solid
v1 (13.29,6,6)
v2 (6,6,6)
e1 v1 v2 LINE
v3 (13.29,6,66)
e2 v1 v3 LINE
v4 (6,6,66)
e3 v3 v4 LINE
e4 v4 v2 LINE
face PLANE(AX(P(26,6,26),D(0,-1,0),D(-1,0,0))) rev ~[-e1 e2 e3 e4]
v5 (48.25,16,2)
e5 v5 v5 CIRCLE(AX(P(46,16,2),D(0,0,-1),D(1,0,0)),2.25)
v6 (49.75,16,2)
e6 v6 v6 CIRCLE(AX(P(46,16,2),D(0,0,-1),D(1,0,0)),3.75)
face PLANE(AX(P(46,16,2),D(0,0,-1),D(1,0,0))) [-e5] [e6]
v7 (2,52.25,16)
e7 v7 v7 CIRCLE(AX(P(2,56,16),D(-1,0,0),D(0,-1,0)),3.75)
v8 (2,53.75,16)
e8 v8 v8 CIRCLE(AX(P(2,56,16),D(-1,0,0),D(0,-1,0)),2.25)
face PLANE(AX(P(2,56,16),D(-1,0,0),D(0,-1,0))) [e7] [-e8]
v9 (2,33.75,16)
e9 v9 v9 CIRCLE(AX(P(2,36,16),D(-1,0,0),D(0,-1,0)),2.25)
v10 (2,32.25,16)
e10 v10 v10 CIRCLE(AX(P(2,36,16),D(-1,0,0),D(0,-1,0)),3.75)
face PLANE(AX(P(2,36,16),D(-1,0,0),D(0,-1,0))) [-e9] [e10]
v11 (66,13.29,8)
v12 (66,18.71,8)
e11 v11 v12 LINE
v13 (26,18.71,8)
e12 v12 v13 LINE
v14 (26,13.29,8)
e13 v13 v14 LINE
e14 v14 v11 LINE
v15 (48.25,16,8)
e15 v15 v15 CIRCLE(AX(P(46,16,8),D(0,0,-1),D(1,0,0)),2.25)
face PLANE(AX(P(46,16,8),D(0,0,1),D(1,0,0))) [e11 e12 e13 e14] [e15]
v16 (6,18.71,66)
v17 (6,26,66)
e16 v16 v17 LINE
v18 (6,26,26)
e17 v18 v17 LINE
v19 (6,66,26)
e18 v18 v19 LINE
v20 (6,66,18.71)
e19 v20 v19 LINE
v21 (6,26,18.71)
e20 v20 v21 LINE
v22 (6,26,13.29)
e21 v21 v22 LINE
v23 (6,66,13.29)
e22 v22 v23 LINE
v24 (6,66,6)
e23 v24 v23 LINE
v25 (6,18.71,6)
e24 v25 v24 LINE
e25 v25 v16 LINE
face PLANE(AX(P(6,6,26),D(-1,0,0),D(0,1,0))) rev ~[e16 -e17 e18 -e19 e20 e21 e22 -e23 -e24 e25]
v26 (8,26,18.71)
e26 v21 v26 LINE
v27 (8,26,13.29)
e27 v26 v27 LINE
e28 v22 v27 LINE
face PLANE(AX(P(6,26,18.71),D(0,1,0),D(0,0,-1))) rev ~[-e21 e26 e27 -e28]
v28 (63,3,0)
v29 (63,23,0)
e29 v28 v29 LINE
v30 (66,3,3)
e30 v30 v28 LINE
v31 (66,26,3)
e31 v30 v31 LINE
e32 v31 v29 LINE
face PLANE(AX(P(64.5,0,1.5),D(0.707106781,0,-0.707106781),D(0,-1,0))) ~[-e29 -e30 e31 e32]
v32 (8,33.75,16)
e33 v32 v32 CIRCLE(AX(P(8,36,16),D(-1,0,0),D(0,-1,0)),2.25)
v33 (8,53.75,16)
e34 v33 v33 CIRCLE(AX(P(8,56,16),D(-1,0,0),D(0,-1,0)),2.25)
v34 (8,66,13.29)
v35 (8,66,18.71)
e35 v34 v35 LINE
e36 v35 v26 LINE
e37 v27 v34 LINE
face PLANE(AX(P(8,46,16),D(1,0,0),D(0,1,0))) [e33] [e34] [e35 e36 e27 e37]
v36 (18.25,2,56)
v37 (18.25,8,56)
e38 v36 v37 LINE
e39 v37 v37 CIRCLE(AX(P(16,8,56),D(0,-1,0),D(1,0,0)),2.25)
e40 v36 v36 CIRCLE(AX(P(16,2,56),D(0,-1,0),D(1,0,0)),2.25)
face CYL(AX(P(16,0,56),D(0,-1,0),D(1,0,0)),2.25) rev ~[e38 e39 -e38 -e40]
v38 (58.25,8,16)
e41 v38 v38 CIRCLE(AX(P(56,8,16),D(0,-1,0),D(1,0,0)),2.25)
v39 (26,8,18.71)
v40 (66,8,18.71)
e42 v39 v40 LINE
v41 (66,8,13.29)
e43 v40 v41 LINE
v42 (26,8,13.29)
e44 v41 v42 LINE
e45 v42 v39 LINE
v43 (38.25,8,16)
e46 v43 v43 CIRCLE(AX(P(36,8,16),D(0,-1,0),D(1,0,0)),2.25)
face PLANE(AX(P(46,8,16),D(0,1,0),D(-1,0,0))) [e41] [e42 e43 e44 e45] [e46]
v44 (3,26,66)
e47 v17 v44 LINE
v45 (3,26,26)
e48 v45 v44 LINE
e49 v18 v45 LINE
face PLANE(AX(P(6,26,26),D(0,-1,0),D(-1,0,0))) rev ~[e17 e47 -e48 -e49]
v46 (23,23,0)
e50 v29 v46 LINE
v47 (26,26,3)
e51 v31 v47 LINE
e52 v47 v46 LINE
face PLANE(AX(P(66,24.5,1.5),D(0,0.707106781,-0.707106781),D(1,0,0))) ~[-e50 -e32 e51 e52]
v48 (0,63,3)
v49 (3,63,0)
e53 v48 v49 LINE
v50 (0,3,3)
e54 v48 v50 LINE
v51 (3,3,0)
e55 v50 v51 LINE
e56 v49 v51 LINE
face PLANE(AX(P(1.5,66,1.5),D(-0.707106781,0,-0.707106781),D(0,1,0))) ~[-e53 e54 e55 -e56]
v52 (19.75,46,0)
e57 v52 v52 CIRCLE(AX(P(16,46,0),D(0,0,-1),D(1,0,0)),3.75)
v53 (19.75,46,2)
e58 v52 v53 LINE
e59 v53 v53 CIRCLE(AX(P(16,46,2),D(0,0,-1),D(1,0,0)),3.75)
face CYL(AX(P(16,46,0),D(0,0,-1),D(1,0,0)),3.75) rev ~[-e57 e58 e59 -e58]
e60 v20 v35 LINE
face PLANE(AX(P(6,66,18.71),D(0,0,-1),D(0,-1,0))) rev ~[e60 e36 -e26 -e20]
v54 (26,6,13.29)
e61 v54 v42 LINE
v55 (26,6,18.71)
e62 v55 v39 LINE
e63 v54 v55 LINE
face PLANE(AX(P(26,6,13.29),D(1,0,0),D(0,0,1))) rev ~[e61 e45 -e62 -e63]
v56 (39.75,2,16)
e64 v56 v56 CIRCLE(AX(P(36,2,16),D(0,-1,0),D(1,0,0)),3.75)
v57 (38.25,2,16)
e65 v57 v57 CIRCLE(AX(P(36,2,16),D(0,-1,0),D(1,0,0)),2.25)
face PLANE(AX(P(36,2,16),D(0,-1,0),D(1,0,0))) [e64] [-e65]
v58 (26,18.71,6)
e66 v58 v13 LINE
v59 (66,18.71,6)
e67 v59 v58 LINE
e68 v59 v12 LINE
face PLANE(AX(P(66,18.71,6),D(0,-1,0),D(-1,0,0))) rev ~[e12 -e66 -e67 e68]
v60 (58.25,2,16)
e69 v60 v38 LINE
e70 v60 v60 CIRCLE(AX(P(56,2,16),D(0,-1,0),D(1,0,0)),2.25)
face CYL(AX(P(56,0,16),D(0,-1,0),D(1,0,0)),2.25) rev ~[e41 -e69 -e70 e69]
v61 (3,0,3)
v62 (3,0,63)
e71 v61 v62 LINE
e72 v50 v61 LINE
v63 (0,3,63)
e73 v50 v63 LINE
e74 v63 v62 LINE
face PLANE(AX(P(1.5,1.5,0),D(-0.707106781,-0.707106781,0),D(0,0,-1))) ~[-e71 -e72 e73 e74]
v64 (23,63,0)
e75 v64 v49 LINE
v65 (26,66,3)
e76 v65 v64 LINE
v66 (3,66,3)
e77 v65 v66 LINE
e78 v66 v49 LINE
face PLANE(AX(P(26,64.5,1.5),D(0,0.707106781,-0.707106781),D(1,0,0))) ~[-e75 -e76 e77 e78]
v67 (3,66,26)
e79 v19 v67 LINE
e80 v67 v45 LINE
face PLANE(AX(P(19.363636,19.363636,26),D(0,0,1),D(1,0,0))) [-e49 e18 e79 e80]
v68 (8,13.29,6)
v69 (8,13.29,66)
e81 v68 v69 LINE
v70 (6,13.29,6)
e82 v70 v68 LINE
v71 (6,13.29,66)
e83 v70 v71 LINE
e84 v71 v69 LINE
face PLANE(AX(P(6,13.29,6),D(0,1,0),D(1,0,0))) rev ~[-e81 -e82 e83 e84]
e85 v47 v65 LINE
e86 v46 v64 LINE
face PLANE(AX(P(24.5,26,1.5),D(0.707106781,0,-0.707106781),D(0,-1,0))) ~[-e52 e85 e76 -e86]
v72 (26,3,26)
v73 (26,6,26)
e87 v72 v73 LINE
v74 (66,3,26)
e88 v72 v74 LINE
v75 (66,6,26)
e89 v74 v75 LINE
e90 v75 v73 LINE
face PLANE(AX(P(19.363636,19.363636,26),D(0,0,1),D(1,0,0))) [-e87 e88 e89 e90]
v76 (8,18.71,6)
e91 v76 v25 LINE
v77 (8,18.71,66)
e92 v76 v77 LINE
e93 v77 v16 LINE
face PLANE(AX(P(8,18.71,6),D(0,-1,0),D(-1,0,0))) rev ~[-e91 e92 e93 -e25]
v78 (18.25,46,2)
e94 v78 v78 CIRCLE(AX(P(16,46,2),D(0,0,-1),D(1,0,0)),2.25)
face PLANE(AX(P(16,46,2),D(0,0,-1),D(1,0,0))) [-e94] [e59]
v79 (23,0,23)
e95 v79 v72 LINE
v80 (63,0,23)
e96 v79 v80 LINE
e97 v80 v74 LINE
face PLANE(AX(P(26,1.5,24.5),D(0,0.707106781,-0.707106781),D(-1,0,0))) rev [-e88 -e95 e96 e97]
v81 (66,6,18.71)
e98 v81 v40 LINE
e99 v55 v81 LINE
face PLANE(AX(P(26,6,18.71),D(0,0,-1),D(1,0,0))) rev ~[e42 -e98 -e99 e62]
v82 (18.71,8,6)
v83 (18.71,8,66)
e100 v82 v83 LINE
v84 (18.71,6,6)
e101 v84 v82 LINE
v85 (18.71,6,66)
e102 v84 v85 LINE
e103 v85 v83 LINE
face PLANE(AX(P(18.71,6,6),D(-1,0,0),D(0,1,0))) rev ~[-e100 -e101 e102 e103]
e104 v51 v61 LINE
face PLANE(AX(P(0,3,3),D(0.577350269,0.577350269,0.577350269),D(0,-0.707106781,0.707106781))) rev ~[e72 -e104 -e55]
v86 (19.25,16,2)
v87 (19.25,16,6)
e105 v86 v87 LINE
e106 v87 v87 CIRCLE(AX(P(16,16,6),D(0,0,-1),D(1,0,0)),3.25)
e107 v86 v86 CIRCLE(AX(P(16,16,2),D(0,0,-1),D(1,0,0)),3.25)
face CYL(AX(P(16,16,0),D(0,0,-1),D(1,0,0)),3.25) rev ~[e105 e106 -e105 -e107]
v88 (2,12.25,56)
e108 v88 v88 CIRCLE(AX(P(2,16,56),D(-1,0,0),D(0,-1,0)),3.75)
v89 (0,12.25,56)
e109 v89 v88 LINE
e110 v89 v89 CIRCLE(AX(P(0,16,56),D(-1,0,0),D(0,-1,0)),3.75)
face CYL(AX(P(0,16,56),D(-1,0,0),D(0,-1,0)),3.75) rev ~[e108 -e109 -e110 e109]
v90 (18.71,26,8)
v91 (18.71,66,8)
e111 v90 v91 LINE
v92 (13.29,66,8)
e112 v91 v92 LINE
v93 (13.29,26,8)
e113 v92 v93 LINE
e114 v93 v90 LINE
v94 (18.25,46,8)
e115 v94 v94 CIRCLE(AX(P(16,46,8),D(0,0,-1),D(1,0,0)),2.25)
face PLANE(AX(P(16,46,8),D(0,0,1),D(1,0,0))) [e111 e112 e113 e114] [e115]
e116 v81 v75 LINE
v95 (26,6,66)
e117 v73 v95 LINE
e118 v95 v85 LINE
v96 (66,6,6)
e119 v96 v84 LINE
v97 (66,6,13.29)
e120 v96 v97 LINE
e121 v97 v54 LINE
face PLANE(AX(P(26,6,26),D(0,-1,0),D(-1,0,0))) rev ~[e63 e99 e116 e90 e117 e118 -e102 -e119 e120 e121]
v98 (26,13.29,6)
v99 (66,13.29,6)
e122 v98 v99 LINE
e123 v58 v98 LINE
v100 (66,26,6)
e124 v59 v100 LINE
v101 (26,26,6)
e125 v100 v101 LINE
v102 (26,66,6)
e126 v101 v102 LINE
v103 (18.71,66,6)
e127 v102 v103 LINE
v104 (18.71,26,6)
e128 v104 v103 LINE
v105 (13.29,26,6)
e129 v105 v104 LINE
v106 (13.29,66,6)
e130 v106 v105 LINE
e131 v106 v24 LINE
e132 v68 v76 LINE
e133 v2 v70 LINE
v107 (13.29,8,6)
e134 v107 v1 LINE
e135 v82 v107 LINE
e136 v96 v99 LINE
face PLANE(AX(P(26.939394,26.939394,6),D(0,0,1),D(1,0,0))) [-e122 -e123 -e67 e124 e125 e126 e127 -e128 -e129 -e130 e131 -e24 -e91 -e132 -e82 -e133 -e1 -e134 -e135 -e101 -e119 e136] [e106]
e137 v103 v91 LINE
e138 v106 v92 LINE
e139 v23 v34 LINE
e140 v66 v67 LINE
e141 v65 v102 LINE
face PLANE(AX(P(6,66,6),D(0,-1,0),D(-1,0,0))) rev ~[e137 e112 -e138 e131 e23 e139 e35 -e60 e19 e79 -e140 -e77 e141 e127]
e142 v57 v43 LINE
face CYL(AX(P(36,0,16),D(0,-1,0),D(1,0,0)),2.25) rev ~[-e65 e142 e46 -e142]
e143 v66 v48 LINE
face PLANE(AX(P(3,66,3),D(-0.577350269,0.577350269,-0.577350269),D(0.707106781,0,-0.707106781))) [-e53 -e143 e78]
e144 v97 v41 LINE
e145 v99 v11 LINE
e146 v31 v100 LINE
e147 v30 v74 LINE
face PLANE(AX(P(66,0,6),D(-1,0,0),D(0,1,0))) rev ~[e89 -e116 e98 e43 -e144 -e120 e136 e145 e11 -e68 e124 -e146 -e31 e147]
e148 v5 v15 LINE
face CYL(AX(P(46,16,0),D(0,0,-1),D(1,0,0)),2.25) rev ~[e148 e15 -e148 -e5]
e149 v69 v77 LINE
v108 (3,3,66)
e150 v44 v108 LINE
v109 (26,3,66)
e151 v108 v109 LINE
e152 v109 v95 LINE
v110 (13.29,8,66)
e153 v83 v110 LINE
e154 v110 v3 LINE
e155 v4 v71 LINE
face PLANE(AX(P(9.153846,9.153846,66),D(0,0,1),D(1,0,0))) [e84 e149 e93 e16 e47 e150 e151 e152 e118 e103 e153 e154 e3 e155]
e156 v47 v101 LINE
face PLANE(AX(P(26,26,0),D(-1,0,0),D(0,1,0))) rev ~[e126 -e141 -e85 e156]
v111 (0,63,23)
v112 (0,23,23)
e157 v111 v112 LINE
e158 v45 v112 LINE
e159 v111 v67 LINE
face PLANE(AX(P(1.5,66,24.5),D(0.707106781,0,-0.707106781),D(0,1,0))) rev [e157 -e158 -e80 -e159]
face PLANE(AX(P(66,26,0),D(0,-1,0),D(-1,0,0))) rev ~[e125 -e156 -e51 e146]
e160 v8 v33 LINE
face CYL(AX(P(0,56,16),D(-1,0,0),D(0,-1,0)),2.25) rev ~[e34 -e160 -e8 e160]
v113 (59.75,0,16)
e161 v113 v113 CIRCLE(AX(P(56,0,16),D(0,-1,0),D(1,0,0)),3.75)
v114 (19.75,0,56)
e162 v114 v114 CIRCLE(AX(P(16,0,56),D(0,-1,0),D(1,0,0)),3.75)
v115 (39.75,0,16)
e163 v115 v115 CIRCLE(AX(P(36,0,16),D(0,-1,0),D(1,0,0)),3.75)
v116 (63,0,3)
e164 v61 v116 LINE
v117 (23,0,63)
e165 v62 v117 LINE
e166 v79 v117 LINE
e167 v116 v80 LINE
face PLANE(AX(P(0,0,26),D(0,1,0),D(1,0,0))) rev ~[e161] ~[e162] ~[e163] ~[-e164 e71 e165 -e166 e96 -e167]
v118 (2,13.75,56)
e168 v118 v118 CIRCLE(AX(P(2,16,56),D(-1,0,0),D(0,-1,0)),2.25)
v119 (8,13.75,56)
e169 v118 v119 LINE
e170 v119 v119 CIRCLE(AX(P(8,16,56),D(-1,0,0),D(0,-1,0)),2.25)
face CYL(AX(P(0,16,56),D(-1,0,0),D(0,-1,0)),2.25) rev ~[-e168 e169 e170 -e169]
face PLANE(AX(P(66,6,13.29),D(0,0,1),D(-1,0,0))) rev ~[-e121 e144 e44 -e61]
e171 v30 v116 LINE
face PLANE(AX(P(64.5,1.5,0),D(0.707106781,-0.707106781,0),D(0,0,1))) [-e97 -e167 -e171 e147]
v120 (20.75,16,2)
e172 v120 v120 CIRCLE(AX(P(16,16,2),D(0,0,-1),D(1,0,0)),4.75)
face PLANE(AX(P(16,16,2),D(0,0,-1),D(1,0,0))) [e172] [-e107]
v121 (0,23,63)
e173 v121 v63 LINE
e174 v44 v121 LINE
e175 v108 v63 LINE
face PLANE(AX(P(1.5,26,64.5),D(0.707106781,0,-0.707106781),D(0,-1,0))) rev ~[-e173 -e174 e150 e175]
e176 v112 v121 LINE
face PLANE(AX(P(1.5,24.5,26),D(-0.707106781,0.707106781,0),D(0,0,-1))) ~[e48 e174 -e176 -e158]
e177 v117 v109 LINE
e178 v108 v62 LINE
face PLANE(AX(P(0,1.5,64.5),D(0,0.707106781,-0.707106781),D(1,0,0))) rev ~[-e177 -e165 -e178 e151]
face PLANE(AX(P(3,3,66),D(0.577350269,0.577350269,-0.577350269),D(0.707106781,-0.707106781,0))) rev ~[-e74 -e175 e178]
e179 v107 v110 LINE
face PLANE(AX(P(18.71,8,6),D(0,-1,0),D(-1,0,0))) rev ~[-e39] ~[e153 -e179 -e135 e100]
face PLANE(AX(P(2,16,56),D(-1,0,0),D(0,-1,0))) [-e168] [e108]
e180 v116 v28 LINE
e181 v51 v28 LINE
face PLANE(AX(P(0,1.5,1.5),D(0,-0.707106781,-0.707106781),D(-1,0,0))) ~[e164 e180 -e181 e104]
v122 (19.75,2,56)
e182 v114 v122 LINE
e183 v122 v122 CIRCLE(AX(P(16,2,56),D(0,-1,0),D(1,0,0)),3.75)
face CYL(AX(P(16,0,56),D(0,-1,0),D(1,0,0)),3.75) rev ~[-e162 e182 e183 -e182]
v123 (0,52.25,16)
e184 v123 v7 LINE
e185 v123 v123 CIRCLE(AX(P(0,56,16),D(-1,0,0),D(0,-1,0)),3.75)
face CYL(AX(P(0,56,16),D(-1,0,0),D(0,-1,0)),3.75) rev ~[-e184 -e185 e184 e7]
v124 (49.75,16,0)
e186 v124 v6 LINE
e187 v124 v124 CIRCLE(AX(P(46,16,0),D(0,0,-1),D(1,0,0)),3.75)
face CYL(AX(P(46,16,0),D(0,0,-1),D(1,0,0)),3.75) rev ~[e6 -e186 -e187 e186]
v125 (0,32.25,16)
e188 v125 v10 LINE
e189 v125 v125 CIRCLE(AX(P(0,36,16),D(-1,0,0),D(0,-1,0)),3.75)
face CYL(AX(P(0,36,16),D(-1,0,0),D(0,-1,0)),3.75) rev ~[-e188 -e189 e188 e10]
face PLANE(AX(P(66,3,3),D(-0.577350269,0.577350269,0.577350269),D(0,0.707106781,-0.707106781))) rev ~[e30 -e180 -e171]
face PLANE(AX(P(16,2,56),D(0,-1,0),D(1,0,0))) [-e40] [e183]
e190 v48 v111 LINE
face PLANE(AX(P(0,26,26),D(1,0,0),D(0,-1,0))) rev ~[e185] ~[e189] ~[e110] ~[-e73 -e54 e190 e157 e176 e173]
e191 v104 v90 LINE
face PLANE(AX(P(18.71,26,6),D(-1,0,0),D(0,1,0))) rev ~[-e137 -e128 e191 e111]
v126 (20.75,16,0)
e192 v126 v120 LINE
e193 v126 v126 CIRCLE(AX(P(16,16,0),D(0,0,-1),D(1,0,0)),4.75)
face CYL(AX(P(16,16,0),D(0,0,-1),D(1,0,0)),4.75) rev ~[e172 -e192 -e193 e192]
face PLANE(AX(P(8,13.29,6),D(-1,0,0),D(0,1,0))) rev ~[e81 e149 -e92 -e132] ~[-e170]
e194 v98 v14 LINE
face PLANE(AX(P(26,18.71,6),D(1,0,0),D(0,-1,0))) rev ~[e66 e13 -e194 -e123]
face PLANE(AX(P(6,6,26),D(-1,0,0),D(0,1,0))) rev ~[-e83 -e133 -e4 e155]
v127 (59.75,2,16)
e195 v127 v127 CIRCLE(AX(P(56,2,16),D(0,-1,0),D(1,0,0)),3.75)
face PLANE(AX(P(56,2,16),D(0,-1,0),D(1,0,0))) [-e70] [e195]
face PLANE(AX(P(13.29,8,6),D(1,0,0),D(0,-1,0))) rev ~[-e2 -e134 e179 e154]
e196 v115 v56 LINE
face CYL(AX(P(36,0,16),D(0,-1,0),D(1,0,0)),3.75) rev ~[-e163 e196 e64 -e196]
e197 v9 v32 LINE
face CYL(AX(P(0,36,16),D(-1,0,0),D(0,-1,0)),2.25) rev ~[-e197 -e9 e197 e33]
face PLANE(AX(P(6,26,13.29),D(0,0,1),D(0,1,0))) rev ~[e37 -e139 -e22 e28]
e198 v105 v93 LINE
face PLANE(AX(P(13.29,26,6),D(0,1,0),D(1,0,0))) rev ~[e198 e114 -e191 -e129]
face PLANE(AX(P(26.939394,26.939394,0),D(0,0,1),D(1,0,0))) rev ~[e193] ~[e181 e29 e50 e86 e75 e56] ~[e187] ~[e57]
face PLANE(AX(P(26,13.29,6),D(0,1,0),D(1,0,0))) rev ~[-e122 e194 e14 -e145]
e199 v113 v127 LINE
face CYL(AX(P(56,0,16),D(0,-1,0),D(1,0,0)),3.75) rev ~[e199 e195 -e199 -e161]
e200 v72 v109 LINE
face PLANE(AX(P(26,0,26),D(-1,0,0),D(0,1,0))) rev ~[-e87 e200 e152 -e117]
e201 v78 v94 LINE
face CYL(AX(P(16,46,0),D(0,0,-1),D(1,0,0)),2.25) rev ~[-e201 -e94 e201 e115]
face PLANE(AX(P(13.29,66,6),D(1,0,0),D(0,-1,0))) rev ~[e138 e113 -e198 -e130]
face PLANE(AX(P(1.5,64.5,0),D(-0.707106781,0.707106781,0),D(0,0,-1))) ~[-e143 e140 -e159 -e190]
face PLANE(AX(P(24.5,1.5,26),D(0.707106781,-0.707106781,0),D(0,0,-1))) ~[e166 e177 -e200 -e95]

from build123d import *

# Parameters (mm, degrees)
F1_DEPTH  = 6
F3_DEPTH  = 20
F5_DEPTH  = 40
F7_DEPTH  = 60
F9_DEPTH  = 2
F11_DEPTH = 2
F13_DEPTH = 2
F14_R     = 2.25
F15_DEPTH = 8
F16_R     = 2.25
F17_DEPTH = 8
F18_R     = 3.25
F18_R_2   = 2.25
F19_DEPTH = 8.001
F20_R     = 3.75
F21_DEPTH = 2
F22_R     = 3.75
F23_DEPTH = 2
F24_R     = 3.75
F24_R_2   = 4.75
F25_DEPTH = 2
F26_SIZE  = 3


with BuildPart() as f1:
    # F0 (on Top) → F1 (new body)
    with BuildSketch(Plane.XY):
        Polygon((0, 66), (0, 0), (66, 0), (66, 26), (26, 26), (26, 66), align=None)
    extrude(amount=F1_DEPTH)

    # F2 (on face) → F3 (join)
    with BuildSketch(Plane.XY.offset(6)):
        Polygon((6, 66), (0, 66), (0, 0), (66, 0), (66, 6), (6, 6), align=None)
    extrude(amount=F3_DEPTH)

    # F4 (on face) → F5 (join)
    with BuildSketch(Plane.XY.offset(26)):
        Polygon((6, 6), (6, 26), (0, 26), (0, 0), (26, 0), (26, 6), align=None)
    extrude(amount=F5_DEPTH)

    # F6 (on face) → F7 (join)
    with BuildSketch(Plane.XY.offset(6)):
        Polygon((13.29, 6), (16, 6), (18.71, 6), (18.71, 8), (13.29, 8), align=None)
        Polygon((6, 18.71), (6, 16), (6, 13.29), (8, 13.29), (8, 18.71), align=None)
    extrude(amount=F7_DEPTH)

    # F8 (on face) → F9 (join)
    with BuildSketch(Plane.XY.offset(6)):
        Polygon((66, 13.29), (66, 16), (66, 18.71), (26, 18.71), (26, 13.29), align=None)
        Polygon((18.71, 66), (16, 66), (13.29, 66), (13.29, 26), (18.71, 26), align=None)
    extrude(amount=F9_DEPTH)

    # F10 (on face) → F11 (join)
    with BuildSketch(Plane(origin=(0, 6, 0), x_dir=(-1, 0, 0), z_dir=(0, 1, 0))):
        Polygon((-66, 18.71), (-66, 16), (-66, 13.29), (-26, 13.29), (-26, 16), (-26, 18.71), align=None)
    extrude(amount=F11_DEPTH)

    # F12 (on face) → F13 (join)
    with BuildSketch(Plane.YZ.offset(6)):
        Polygon((66, 13.29), (66, 16), (66, 18.71), (26, 18.71), (26, 13.29), align=None)
    extrude(amount=F13_DEPTH)

    # F14 (on face) → F15 (cut, through all)
    with BuildSketch(Plane.XZ):
        with Locations((56, 16)):
            Circle(F14_R)
        with Locations((16, 56)):
            Circle(F14_R)
        with Locations((36, 16)):
            Circle(F14_R)
    extrude(amount=-F15_DEPTH, mode=Mode.SUBTRACT)

    # F16 (on face) → F17 (cut, through all)
    with BuildSketch(Plane(origin=(0, 0, 0), x_dir=(0, -1, 0), z_dir=(-1, 0, 0))):
        with Locations((-16, 56)):
            Circle(F16_R)
        with Locations((-56, 16)):
            Circle(F16_R)
        with Locations((-36, 16)):
            Circle(F16_R)
    extrude(amount=-F17_DEPTH, mode=Mode.SUBTRACT)

    # F18 (on face) → F19 (cut, through all)
    with BuildSketch(Plane(origin=(0, 0, 0), x_dir=(1, 0, 0), z_dir=(0, 0, -1))):
        with Locations((16, -16)):
            Circle(F18_R)
        with Locations((46, -16)):
            Circle(F18_R_2)
        with Locations((16, -46)):
            Circle(F18_R_2)
    extrude(amount=-F19_DEPTH, mode=Mode.SUBTRACT)

    # F20 (on face) → F21 (cut)
    with BuildSketch(Plane.XZ):
        with Locations((16, 56)):
            Circle(F20_R)
        with Locations((36, 16)):
            Circle(F20_R)
        with Locations((56, 16)):
            Circle(F20_R)
    extrude(amount=-F21_DEPTH, mode=Mode.SUBTRACT)

    # F22 (on face) → F23 (cut)
    with BuildSketch(Plane(origin=(0, 0, 0), x_dir=(0, -1, 0), z_dir=(-1, 0, 0))):
        with Locations((-16, 56)):
            Circle(F22_R)
        with Locations((-36, 16)):
            Circle(F22_R)
        with Locations((-56, 16)):
            Circle(F22_R)
    extrude(amount=-F23_DEPTH, mode=Mode.SUBTRACT)

    # F24 (on face) → F25 (cut)
    with BuildSketch(Plane(origin=(0, 0, 0), x_dir=(1, 0, 0), z_dir=(0, 0, -1))):
        with Locations((16, -46)):
            Circle(F24_R)
        with Locations((16, -16)):
            Circle(F24_R_2)
        with Locations((46, -16)):
            Circle(F24_R)
    extrude(amount=-F25_DEPTH, mode=Mode.SUBTRACT)

    # F26
    f26_edges = [f1.edges().sort_by_distance(p)[0] for p in [
        (33, 0, 0),
        (0, 33, 0),
        (0, 0, 33),
        (0, 26, 46),
        (0, 46, 26),
        (26, 0, 46),
        (46, 0, 26),
        (0, 13, 66),
        (13, 0, 66),
        (0, 66, 13),
        (13, 66, 0),
        (66, 0, 13),
        (66, 13, 0),
        (46, 26, 0),
        (26, 46, 0),
    ]]
    chamfer(f26_edges, length=F26_SIZE)


solid = f1.part
